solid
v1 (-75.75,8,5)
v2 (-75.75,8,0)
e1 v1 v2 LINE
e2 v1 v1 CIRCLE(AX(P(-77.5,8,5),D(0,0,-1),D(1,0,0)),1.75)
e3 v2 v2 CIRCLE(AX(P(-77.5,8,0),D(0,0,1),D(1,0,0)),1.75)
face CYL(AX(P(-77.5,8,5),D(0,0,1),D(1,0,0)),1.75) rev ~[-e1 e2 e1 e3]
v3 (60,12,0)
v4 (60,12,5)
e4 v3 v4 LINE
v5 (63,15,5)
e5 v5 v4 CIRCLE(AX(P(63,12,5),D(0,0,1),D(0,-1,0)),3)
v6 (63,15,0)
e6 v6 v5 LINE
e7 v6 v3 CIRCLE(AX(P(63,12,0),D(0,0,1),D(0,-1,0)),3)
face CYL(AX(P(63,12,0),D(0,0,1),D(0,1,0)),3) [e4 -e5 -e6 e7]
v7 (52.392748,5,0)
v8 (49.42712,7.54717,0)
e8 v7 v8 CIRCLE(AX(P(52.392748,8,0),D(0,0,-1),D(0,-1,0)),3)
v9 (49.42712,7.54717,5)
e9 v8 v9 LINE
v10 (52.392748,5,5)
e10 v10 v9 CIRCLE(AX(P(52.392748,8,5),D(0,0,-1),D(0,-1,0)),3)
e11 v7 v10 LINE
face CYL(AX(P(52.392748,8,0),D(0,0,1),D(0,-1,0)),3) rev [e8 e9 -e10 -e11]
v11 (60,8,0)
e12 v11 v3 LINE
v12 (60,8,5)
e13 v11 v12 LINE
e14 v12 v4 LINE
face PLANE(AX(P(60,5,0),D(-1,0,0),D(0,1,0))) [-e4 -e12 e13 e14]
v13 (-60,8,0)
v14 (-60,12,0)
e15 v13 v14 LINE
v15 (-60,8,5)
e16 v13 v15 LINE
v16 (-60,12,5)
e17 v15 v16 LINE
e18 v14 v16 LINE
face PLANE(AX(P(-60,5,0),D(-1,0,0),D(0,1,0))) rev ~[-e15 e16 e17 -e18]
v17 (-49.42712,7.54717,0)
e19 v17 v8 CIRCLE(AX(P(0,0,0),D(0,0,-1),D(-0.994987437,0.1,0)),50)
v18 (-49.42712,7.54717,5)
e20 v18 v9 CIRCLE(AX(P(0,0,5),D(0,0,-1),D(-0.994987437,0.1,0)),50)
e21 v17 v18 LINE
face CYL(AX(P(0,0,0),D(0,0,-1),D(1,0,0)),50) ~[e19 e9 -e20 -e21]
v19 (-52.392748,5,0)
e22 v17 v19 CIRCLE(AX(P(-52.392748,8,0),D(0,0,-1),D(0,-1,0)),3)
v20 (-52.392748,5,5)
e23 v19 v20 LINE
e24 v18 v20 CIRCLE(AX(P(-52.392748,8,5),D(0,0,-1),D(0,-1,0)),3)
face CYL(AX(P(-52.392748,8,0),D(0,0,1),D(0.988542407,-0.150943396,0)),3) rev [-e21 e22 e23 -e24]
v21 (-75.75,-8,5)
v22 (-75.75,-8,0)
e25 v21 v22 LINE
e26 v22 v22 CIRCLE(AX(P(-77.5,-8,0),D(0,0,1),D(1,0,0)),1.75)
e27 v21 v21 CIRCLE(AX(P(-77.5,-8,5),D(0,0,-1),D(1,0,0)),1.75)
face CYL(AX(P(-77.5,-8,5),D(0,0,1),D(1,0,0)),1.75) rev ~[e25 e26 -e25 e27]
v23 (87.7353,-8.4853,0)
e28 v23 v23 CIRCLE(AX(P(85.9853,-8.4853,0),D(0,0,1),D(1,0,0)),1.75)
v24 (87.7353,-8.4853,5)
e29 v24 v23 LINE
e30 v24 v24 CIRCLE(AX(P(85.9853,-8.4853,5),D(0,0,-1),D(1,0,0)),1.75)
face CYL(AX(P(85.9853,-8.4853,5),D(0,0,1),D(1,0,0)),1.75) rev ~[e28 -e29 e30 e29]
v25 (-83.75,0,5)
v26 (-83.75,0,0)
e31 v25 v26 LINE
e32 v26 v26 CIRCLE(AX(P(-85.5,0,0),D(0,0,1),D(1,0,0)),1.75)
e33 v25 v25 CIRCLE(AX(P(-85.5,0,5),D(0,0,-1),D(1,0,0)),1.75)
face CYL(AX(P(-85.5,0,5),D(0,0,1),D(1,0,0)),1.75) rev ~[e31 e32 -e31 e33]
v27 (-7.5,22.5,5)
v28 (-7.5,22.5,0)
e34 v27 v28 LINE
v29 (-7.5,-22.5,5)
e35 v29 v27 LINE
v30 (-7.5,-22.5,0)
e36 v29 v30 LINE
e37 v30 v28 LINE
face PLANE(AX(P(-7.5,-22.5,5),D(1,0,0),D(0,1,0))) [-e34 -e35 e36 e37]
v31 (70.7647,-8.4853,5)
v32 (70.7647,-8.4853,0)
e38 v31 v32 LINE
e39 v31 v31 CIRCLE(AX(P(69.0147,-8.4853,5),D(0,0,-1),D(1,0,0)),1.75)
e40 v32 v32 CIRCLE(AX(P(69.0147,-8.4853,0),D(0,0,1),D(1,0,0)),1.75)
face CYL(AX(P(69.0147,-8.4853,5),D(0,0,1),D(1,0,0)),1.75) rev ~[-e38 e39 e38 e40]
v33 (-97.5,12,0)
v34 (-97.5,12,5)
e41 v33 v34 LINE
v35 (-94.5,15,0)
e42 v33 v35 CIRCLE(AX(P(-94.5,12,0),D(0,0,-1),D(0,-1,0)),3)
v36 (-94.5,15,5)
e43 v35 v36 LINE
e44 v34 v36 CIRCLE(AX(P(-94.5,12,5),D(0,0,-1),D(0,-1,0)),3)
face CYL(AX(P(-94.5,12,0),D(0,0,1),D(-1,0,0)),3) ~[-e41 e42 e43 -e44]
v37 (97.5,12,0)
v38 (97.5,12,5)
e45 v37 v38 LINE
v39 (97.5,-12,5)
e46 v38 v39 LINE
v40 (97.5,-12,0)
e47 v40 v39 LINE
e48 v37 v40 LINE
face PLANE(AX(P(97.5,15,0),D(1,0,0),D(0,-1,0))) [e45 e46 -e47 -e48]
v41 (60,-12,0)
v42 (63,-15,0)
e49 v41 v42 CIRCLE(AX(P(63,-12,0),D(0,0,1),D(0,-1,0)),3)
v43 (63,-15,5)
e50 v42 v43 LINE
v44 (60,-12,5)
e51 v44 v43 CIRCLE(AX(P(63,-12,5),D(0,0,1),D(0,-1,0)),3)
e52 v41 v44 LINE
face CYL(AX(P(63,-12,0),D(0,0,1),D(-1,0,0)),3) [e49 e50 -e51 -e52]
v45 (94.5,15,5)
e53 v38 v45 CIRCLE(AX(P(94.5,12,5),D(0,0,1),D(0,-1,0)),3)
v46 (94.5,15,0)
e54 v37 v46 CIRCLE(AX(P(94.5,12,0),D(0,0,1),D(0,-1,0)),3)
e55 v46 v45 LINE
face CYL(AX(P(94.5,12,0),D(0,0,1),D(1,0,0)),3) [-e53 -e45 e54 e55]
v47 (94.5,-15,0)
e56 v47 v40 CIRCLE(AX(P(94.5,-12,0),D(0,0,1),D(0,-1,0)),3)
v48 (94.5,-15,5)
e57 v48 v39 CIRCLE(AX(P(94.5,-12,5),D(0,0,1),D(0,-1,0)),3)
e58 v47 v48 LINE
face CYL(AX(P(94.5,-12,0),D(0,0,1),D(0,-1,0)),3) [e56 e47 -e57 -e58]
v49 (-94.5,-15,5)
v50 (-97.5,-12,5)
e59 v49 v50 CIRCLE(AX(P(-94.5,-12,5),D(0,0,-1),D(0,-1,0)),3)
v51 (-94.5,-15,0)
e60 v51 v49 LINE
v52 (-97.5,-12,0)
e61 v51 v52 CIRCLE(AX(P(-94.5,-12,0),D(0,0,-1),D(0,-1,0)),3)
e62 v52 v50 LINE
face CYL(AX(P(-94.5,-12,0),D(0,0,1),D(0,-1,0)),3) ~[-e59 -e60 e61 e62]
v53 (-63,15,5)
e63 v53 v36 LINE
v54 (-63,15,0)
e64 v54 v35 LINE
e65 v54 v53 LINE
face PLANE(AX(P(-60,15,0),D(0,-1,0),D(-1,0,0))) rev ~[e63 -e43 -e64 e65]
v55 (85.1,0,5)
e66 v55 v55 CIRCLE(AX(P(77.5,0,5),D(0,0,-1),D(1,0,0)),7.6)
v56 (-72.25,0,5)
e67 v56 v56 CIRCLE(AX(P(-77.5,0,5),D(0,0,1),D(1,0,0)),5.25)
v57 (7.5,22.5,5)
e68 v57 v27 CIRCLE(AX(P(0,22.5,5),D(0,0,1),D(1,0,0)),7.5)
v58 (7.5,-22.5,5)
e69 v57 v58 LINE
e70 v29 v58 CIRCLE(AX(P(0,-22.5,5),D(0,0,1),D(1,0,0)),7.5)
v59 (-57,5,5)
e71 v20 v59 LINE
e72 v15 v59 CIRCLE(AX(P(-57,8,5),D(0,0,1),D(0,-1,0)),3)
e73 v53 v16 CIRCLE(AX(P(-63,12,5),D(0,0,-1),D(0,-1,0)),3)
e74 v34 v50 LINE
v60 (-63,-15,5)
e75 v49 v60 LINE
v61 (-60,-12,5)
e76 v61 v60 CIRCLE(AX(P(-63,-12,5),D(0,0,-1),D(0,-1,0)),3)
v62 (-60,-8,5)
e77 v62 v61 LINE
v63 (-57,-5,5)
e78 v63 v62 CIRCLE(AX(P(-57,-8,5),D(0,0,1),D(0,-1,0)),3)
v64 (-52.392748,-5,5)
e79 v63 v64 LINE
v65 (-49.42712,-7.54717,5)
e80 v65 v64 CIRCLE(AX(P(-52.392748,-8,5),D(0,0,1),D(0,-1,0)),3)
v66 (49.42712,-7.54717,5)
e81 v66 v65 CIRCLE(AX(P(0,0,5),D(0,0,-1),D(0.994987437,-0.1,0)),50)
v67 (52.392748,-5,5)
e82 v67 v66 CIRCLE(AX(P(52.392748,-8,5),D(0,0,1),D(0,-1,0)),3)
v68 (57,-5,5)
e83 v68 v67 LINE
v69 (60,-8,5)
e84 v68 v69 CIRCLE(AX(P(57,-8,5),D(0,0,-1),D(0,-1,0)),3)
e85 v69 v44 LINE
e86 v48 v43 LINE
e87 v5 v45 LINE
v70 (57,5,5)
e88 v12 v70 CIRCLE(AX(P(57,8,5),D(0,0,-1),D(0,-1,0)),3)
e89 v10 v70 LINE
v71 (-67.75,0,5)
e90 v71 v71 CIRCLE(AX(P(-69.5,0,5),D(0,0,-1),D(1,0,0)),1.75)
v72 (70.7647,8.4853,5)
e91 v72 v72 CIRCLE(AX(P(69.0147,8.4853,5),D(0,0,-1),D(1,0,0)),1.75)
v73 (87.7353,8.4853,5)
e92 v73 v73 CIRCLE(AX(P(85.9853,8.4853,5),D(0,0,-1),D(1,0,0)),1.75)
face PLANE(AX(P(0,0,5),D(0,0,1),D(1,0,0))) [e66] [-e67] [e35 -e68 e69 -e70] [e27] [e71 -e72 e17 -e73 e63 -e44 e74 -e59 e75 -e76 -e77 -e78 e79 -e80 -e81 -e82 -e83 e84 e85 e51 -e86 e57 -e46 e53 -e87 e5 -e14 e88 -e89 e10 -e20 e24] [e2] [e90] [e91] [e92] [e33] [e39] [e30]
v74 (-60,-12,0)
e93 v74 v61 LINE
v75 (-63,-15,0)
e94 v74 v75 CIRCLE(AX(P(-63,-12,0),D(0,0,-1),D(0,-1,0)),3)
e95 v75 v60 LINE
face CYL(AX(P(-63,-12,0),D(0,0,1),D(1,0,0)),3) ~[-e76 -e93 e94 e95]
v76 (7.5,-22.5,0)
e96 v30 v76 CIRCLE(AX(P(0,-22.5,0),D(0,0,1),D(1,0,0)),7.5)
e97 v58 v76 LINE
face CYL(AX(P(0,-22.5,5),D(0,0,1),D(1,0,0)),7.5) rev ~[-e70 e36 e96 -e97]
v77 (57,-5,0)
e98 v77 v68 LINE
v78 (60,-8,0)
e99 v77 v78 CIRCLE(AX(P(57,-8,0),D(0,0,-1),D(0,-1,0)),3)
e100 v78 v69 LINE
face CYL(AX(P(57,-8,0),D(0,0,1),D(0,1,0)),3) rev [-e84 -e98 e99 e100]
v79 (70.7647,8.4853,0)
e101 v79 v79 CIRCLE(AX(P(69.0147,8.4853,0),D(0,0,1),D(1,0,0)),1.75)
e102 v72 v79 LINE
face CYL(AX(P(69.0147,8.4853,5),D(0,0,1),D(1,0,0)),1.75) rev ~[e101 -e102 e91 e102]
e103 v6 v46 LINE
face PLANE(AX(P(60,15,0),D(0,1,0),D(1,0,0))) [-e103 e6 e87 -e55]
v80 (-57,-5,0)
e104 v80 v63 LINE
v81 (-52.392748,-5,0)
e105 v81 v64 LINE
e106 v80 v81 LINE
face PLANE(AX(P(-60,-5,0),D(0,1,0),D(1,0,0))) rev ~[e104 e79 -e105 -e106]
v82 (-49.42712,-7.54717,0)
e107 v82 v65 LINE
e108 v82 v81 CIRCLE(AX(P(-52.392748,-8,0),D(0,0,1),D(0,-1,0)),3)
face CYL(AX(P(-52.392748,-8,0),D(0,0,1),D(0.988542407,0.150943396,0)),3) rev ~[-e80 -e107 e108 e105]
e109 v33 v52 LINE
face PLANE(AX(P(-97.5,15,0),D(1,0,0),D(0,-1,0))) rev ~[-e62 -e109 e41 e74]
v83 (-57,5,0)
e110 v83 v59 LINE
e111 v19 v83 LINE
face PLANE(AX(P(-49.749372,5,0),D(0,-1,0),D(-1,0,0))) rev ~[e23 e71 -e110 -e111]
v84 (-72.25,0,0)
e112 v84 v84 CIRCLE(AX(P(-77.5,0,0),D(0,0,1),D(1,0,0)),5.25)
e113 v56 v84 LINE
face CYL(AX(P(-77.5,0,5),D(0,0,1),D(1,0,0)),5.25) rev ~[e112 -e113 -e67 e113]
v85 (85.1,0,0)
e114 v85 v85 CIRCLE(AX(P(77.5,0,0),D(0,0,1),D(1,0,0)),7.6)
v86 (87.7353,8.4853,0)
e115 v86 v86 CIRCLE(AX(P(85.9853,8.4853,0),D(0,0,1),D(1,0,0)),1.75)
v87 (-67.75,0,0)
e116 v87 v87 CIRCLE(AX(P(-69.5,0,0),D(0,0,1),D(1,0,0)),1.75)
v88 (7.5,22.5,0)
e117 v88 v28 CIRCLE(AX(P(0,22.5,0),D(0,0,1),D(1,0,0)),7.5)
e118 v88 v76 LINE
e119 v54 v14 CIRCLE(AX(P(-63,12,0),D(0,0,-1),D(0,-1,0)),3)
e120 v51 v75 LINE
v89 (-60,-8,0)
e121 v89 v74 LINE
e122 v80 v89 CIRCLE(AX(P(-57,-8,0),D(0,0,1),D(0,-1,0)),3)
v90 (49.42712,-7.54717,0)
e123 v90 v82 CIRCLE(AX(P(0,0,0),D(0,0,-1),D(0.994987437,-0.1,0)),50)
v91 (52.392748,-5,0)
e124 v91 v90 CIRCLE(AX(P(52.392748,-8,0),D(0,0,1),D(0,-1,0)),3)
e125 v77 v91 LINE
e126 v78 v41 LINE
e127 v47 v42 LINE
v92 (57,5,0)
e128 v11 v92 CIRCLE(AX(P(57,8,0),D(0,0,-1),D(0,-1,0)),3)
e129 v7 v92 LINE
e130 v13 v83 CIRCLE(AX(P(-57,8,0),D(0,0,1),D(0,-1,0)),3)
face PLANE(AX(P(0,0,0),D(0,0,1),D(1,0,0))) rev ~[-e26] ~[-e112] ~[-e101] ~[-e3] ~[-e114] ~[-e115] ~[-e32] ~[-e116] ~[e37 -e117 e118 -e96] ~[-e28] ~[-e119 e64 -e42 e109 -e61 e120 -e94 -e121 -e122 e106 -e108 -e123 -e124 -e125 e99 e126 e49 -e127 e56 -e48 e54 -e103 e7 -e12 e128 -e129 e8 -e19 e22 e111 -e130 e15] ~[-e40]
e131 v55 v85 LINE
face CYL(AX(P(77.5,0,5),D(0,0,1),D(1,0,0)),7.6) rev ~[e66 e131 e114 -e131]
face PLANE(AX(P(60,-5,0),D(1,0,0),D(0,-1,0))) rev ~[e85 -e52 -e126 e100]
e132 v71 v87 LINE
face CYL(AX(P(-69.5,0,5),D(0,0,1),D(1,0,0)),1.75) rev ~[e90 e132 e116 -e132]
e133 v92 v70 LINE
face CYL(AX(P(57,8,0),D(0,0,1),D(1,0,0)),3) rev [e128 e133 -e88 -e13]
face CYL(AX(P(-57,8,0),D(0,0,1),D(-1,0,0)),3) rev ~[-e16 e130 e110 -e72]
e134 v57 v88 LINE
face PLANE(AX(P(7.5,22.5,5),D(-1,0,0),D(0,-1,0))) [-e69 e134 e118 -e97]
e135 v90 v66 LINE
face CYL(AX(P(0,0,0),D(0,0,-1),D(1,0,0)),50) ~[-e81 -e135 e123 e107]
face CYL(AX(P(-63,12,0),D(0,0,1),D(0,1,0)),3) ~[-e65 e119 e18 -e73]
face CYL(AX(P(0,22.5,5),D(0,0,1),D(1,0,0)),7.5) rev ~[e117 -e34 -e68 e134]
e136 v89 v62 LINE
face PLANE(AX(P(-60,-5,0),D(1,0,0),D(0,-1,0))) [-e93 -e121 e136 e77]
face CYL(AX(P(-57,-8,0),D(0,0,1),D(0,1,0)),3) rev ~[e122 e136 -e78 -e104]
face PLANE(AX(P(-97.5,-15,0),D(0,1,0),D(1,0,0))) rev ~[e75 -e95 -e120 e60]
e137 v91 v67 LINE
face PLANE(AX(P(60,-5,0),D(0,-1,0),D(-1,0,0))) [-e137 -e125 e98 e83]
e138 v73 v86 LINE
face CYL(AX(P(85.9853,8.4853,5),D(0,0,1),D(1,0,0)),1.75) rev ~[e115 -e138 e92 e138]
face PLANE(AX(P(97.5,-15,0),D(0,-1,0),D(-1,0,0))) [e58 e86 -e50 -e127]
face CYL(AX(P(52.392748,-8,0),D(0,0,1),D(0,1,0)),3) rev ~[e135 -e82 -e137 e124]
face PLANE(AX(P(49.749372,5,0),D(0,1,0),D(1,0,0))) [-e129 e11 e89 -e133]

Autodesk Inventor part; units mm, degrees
ref_plane "YZ Plane" through (0, 0, 0) normal (1, 0, 0) x (0, 1, 0)
ref_plane "XZ Plane" through (0, 0, 0) normal (0, 1, 0) x (-1, 0, 0)
ref_plane "XY Plane" through (0, 0, 0) normal (0, 0, 1) x (1, 0, 0)
sketch "Sketch1" plane through (0, 0, 0) normal (0, 0, 1) x (1, 0, 0)
  circle A0 centre (0, 0) radius 50
  line L0 (0, 0) -> (0, 20) construction
  line L1 (2.5, 15) -> (97.5, 15)
  line L2 (97.5, 15) -> (97.5, -15)
  line L3 (97.5, -15) -> (2.5, -15)
  line L4 (2.5, -15) -> (2.5, 15)
  line L5 (2.5, 15) -> (97.5, -15) construction
  line L6 (97.5, 15) -> (2.5, -15) construction
  line L7 (40, 5) -> (60, 5)
  line L8 (60, 5) -> (60, -5)
  line L9 (60, -5) -> (40, -5)
  line L10 (40, -5) -> (40, 5)
  line L11 (40, 5) -> (60, -5) construction
  line L12 (60, 5) -> (40, -5) construction
  line L13 (60, 5) -> (60, 15)
  line L14 (60, -5) -> (60, -15)
  line L15 (-2.5, 15) -> (-97.5, 15)
  line L16 (-97.5, 15) -> (-97.5, -15)
  line L17 (-97.5, -15) -> (-2.5, -15)
  line L18 (-2.5, -15) -> (-2.5, 15)
  line L19 (-2.5, 15) -> (-97.5, -15) construction
  line L20 (-97.5, 15) -> (-2.5, -15) construction
  line L21 (-40, 5) -> (-60, 5)
  line L22 (-60, 5) -> (-60, -5)
  line L23 (-60, -5) -> (-40, -5)
  line L24 (-40, -5) -> (-40, 5)
  line L25 (-40, 5) -> (-60, -5) construction
  line L26 (-60, 5) -> (-40, -5) construction
  line L27 (-60, 5) -> (-60, 15)
  line L28 (-60, -5) -> (-60, -15)
  point P0 (50, 0)
  point P1 (50, 0)
  point P2 (-50, 0)
  point P3 (-50, 0)
  point P4 (49.7494, 5)
  point P5 (49.7494, -5)
  point P6 (-49.7494, -5)
  point P7 (-49.7494, 5)
  dimension "d0" = 100
  dimension "d3" = 20
  dimension "d17" = 95
  dimension "d18" = 30
  dimension "d19" = 20
  dimension "d20" = 10
extrude "Extrusion1" add sketch "Sketch1" along normal blind 5 contours A0 L9 L10 L7 | A0 L7 L8 L9 | L7 L10 L9 A0 L3 L4 L1 | L1 L4 L3 A0 L17 L18 L15 | L13 L1 L2 L3 L14 L8 | L15 L18 L17 A0 L23 L24 L21 | L21 L24 L23 A0 | A0 L23 L22 L21 | L27 L22 L28 L17 L16 L15
sketch "Sketch2" plane through (0, 0, 5) normal (0, 0, 1) x (1, 0, 0)
  line L0 (0, 0) -> (-77.5, 0) construction
  circle A0 centre (-77.5, 0) radius 5.25
  line L1 (0, 0) -> (0, 20) construction
  circle A1 centre (-77.5, 0) radius 8
  circle A2 centre (-69.5, 0) radius 1.75
  circle A3 centre (-77.5, 8) radius 1.75
  circle A4 centre (-85.5, 0) radius 1.75
  circle A5 centre (-77.5, -8) radius 1.75
  circle A6 centre (77.5, 0) radius 12
  line L2 (65, 12.5) -> (90, 12.5)
  line L3 (90, 12.5) -> (90, -12.5)
  line L4 (90, -12.5) -> (65, -12.5)
  line L5 (65, -12.5) -> (65, 12.5)
  line L6 (65, 12.5) -> (90, -12.5) construction
  line L7 (90, 12.5) -> (65, -12.5) construction
  line L8 (90, 12.5) -> (65, -12.5)
  circle A7 centre (85.9853, 8.4853) radius 1.75
  circle A8 centre (69.0147, 8.4853) radius 1.75
  circle A9 centre (69.0147, -8.4853) radius 1.75
  circle A10 centre (85.9853, -8.4853) radius 1.75
  circle A11 centre (77.5, 0) radius 7.6
  dimension "d26" = 16
  dimension "d70" = 24
  dimension "d6" = 77.5
  dimension "d7" = 10.5
  dimension "d8" = 20
  dimension "d27" = 3.5
  dimension "d30" = 360
  dimension "d71" = 25
  dimension "d72" = 25
  dimension "d73" = 3.5
  dimension "d76" = 360
  dimension "d78" = 15.2
extrude "Extrusion2" cut sketch "Sketch2" against normal blind 7 contours A0 | A1 A2 | A1 A2 | A3 A1 | A1 A3 | A5 A1 | A1 A5 | A4 A1 | A1 A4 | A7 L8 A6 | A6 L8 A7 | A10 A6 | A6 A10 | L8 A7 A6 | A6 A7 L8 | A11 L8 | L8 A11 | A9 L8 A6 | A6 L8 A9 | A8 A6 | A6 A8 | L8 A9 A6 | A6 A9 L8
fillet "Fillet1" radius 3 16 edges at (-60, 5, 2.5) (-60, 15, 2.5) (-49.7494, 5, 2.5) (-60, -5, 2.5) (-60, -15, 2.5) (-49.7494, -5, 2.5) (-97.5, -15, 2.5) (-97.5, 15, 2.5) (97.5, 15, 2.5) (97.5, -15, 2.5) (60, -15, 2.5) (60, 15, 2.5) (60, -5, 2.5) (60, 5, 2.5) (49.7494, 5, 2.5) (49.7494, -5, 2.5)
sketch "Sketch4" plane through (0, 0, 5) normal (0, 0, 1) x (1, 0, 0)
  line L0 (-7.5, 22.5) -> (7.5, 22.5)
  line L1 (7.5, 22.5) -> (7.5, -22.5)
  line L2 (7.5, -22.5) -> (-7.5, -22.5)
  line L3 (-7.5, -22.5) -> (-7.5, 22.5)
  line L4 (-7.5, 22.5) -> (7.5, -22.5) construction
  line L5 (7.5, 22.5) -> (-7.5, -22.5) construction
  circle A0 centre (0, -22.5) radius 7.5
  circle A1 centre (0, 22.5) radius 7.5
  point P0 (0, 0)
  point P1 (7.5, 22.5)
  dimension "d79" = 15
  dimension "d80" = 45
  dimension "d81" = 15
  dimension "d82" = 15
extrude "Extrusion3" cut sketch "Sketch4" against normal blind 10
properties part number "TAPA OPCION 3"
